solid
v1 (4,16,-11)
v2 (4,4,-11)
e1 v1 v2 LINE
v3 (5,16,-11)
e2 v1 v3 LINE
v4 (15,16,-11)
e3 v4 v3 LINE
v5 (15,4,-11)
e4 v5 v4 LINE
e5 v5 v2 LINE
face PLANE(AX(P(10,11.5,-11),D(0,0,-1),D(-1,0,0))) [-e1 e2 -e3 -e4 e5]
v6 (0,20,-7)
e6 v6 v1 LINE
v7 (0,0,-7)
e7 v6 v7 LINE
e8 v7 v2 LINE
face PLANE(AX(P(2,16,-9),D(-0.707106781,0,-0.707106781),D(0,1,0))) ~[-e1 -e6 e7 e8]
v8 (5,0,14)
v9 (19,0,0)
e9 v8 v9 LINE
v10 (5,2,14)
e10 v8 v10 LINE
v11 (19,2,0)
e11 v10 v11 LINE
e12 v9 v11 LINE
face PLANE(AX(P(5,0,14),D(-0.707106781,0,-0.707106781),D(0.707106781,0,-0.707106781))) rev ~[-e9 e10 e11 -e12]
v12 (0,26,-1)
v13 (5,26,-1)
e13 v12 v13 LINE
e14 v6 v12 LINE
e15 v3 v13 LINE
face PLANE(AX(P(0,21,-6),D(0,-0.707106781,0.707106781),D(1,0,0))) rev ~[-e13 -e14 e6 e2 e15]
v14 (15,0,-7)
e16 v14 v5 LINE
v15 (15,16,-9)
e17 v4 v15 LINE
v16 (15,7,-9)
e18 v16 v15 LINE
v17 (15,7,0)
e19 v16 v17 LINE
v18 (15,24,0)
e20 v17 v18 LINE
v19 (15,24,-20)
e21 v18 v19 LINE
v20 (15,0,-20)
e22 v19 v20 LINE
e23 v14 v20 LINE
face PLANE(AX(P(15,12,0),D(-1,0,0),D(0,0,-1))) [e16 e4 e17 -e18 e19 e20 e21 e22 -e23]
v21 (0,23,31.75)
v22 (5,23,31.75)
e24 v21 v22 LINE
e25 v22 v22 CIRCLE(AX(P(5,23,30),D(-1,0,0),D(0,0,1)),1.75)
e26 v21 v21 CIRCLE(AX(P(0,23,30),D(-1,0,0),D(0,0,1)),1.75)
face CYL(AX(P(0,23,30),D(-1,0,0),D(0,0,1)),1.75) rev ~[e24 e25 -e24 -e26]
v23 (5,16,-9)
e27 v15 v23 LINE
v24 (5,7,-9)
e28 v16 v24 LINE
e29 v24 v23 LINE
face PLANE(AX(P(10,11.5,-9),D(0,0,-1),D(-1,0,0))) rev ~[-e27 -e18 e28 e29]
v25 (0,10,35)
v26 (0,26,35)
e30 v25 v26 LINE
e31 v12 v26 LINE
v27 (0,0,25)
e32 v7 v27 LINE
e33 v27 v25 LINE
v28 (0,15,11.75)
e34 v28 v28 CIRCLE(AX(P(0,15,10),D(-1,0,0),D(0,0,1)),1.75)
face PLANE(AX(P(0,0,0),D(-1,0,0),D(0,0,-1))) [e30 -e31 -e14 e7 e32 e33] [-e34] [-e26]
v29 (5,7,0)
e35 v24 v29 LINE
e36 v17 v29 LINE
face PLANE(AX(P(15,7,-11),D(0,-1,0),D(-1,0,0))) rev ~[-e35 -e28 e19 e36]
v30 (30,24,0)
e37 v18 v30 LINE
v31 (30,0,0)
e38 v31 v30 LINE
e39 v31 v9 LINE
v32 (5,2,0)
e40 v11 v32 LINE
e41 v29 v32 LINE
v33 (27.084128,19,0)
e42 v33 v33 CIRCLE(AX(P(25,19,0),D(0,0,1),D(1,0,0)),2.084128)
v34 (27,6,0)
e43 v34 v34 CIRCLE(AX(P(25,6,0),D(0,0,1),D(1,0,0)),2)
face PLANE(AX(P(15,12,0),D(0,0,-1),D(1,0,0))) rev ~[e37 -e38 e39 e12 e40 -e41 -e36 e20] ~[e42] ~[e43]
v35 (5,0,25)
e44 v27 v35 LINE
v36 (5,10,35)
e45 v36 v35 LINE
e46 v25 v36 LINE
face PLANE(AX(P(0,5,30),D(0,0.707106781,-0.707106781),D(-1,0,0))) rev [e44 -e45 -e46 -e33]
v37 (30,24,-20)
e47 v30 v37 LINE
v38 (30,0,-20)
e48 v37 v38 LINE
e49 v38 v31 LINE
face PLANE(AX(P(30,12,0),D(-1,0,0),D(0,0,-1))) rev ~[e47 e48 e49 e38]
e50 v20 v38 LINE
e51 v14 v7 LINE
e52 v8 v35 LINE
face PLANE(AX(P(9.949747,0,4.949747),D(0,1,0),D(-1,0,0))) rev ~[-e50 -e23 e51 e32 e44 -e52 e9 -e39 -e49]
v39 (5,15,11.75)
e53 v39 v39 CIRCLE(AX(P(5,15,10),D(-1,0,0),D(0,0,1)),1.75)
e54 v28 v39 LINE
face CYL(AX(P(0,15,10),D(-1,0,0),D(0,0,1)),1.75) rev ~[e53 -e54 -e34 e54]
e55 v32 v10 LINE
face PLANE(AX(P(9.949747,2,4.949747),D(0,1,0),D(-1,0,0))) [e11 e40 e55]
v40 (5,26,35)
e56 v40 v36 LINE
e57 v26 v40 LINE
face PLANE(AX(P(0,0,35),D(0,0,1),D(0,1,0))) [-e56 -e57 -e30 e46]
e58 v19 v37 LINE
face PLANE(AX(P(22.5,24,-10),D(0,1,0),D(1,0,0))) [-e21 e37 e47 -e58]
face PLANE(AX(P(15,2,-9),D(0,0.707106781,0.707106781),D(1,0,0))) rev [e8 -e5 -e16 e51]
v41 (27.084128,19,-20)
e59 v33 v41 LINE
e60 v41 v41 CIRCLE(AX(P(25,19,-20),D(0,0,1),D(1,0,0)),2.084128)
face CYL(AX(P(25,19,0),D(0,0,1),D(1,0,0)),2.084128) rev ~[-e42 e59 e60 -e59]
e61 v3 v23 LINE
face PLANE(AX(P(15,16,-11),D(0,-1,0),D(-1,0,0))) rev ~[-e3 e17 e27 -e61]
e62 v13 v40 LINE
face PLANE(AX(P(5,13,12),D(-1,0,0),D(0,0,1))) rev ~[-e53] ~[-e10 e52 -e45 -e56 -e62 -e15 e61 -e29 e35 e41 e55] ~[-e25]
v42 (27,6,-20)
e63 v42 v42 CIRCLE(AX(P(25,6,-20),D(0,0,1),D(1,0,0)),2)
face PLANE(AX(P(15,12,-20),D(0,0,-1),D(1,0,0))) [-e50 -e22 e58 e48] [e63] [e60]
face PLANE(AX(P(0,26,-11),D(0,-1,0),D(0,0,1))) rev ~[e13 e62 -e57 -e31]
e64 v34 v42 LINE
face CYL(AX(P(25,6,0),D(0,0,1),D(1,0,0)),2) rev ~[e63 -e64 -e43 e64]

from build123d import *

# Parameters (mm, degrees)
EXTRUDE_1_DEPTH     = 12
CUT_EXTRUDE_1_REACH = 22
SKETCH_2_R          = 2
SKETCH_3_W          = 46
SKETCH_3_H          = 26
SKETCH_3_R          = 1.75
EXTRUDE_2_DEPTH     = 5
CHAMFER_1_SIZE      = 10
EXTRUDE_3_DEPTH     = 2
CHAMFER_2_SIZE      = 10
SKETCH_5_W          = 15
SKETCH_5_H          = 20
EXTRUDE_4_DEPTH     = 12
SKETCH_6_R          = 2.084127943
CUT_EXTRUDE_2_DEPTH = 21
SKETCH_7_W          = 10
SKETCH_7_H          = 5
CUT_EXTRUDE_3_DEPTH = 47
SKETCH_8_W          = 10
SKETCH_8_H          = 9
EXTRUDE_5_DEPTH     = 2
CHAMFER_3_SIZE      = 4


with BuildPart() as part:
    # Эскиз1 → Бобышка-Вытянуть1 (new body)
    with BuildSketch(Plane(origin=(0, 0, 0), x_dir=(1, 0, 0), z_dir=(0, 1, 0))):
        Polygon((0, 0), (0, 11), (15, 11), (15, 20), (30, 20), (30, 0), align=None)
    extrude(amount=EXTRUDE_1_DEPTH)

    # Эскиз2 → Вырез-Вытянуть1 (cut, up to next)
    with BuildSketch(Plane.XY, mode=Mode.PRIVATE) as cut_extrude_1_sk1:
        with Locations((25, 6)):
            Circle(SKETCH_2_R)
    cut_extrude_1_tool1 = extrude(cut_extrude_1_sk1.sketch, amount=-CUT_EXTRUDE_1_REACH, mode=Mode.PRIVATE) & part.part
    add(cut_extrude_1_tool1.solids().sort_by_distance((25, 6, 0))[0], mode=Mode.SUBTRACT)

    # Эскиз3 → Бобышка-Вытянуть2 (add)
    with BuildSketch(Plane.ZY):
        with Locations((12, 13)):
            Rectangle(SKETCH_3_W, SKETCH_3_H)
        with Locations((30, 23)):
            Circle(SKETCH_3_R, mode=Mode.SUBTRACT)
        with Locations((10, 15)):
            Circle(SKETCH_3_R, mode=Mode.SUBTRACT)
    extrude(amount=-EXTRUDE_2_DEPTH)

    # Фаска1
    chamfer_1_edges = [part.edges().sort_by_distance(p)[0] for p in [
        (2.5, 26, -11),
    ]]
    chamfer(chamfer_1_edges, length=CHAMFER_1_SIZE)

    # Эскиз4 → Бобышка-Вытянуть3 (add)
    with BuildSketch(Plane.XZ):
        Polygon((5, 14), (19, 0), (5, 0), align=None)
    extrude(amount=-EXTRUDE_3_DEPTH)

    # Фаска2
    chamfer_2_edges = [part.edges().sort_by_distance(p)[0] for p in [
        (2.5, 0, 35),
    ]]
    chamfer(chamfer_2_edges, length=CHAMFER_2_SIZE)

    # Эскиз5 → Бобышка-Вытянуть4 (add)
    with BuildSketch(Plane(origin=(0, 12, 0), x_dir=(1, 0, 0), z_dir=(0, 1, 0))):
        with Locations((22.5, 10)):
            Rectangle(SKETCH_5_W, SKETCH_5_H)
    extrude(amount=EXTRUDE_4_DEPTH)

    # Эскиз6 → Вырез-Вытянуть2 (cut, through all)
    with BuildSketch(Plane.XY):
        with Locations((25, 19)):
            Circle(SKETCH_6_R)
    extrude(amount=-CUT_EXTRUDE_2_DEPTH, mode=Mode.SUBTRACT)

    # Эскиз7 → Вырез-Вытянуть3 (cut, through all)
    with BuildSketch(Plane(origin=(0, 0, -11), x_dir=(-1, 0, 0), z_dir=(0, 0, -1))):
        with Locations((-10, 9.5)):
            Rectangle(SKETCH_7_W, SKETCH_7_H)
    extrude(amount=-CUT_EXTRUDE_3_DEPTH, mode=Mode.SUBTRACT)

    # Эскиз8 → Бобышка-Вытянуть5 (add)
    with BuildSketch(Plane(origin=(0, 0, -11), x_dir=(-1, 0, 0), z_dir=(0, 0, -1))):
        with Locations((-10, 11.5)):
            Rectangle(SKETCH_8_W, SKETCH_8_H)
    extrude(amount=-EXTRUDE_5_DEPTH)

    # Фаска3
    chamfer_3_edges = [part.edges().sort_by_distance(p)[0] for p in [
        (0, 8, -11),
        (7.5, 0, -11),
    ]]
    chamfer(chamfer_3_edges, length=CHAMFER_3_SIZE)


solid = part.part
